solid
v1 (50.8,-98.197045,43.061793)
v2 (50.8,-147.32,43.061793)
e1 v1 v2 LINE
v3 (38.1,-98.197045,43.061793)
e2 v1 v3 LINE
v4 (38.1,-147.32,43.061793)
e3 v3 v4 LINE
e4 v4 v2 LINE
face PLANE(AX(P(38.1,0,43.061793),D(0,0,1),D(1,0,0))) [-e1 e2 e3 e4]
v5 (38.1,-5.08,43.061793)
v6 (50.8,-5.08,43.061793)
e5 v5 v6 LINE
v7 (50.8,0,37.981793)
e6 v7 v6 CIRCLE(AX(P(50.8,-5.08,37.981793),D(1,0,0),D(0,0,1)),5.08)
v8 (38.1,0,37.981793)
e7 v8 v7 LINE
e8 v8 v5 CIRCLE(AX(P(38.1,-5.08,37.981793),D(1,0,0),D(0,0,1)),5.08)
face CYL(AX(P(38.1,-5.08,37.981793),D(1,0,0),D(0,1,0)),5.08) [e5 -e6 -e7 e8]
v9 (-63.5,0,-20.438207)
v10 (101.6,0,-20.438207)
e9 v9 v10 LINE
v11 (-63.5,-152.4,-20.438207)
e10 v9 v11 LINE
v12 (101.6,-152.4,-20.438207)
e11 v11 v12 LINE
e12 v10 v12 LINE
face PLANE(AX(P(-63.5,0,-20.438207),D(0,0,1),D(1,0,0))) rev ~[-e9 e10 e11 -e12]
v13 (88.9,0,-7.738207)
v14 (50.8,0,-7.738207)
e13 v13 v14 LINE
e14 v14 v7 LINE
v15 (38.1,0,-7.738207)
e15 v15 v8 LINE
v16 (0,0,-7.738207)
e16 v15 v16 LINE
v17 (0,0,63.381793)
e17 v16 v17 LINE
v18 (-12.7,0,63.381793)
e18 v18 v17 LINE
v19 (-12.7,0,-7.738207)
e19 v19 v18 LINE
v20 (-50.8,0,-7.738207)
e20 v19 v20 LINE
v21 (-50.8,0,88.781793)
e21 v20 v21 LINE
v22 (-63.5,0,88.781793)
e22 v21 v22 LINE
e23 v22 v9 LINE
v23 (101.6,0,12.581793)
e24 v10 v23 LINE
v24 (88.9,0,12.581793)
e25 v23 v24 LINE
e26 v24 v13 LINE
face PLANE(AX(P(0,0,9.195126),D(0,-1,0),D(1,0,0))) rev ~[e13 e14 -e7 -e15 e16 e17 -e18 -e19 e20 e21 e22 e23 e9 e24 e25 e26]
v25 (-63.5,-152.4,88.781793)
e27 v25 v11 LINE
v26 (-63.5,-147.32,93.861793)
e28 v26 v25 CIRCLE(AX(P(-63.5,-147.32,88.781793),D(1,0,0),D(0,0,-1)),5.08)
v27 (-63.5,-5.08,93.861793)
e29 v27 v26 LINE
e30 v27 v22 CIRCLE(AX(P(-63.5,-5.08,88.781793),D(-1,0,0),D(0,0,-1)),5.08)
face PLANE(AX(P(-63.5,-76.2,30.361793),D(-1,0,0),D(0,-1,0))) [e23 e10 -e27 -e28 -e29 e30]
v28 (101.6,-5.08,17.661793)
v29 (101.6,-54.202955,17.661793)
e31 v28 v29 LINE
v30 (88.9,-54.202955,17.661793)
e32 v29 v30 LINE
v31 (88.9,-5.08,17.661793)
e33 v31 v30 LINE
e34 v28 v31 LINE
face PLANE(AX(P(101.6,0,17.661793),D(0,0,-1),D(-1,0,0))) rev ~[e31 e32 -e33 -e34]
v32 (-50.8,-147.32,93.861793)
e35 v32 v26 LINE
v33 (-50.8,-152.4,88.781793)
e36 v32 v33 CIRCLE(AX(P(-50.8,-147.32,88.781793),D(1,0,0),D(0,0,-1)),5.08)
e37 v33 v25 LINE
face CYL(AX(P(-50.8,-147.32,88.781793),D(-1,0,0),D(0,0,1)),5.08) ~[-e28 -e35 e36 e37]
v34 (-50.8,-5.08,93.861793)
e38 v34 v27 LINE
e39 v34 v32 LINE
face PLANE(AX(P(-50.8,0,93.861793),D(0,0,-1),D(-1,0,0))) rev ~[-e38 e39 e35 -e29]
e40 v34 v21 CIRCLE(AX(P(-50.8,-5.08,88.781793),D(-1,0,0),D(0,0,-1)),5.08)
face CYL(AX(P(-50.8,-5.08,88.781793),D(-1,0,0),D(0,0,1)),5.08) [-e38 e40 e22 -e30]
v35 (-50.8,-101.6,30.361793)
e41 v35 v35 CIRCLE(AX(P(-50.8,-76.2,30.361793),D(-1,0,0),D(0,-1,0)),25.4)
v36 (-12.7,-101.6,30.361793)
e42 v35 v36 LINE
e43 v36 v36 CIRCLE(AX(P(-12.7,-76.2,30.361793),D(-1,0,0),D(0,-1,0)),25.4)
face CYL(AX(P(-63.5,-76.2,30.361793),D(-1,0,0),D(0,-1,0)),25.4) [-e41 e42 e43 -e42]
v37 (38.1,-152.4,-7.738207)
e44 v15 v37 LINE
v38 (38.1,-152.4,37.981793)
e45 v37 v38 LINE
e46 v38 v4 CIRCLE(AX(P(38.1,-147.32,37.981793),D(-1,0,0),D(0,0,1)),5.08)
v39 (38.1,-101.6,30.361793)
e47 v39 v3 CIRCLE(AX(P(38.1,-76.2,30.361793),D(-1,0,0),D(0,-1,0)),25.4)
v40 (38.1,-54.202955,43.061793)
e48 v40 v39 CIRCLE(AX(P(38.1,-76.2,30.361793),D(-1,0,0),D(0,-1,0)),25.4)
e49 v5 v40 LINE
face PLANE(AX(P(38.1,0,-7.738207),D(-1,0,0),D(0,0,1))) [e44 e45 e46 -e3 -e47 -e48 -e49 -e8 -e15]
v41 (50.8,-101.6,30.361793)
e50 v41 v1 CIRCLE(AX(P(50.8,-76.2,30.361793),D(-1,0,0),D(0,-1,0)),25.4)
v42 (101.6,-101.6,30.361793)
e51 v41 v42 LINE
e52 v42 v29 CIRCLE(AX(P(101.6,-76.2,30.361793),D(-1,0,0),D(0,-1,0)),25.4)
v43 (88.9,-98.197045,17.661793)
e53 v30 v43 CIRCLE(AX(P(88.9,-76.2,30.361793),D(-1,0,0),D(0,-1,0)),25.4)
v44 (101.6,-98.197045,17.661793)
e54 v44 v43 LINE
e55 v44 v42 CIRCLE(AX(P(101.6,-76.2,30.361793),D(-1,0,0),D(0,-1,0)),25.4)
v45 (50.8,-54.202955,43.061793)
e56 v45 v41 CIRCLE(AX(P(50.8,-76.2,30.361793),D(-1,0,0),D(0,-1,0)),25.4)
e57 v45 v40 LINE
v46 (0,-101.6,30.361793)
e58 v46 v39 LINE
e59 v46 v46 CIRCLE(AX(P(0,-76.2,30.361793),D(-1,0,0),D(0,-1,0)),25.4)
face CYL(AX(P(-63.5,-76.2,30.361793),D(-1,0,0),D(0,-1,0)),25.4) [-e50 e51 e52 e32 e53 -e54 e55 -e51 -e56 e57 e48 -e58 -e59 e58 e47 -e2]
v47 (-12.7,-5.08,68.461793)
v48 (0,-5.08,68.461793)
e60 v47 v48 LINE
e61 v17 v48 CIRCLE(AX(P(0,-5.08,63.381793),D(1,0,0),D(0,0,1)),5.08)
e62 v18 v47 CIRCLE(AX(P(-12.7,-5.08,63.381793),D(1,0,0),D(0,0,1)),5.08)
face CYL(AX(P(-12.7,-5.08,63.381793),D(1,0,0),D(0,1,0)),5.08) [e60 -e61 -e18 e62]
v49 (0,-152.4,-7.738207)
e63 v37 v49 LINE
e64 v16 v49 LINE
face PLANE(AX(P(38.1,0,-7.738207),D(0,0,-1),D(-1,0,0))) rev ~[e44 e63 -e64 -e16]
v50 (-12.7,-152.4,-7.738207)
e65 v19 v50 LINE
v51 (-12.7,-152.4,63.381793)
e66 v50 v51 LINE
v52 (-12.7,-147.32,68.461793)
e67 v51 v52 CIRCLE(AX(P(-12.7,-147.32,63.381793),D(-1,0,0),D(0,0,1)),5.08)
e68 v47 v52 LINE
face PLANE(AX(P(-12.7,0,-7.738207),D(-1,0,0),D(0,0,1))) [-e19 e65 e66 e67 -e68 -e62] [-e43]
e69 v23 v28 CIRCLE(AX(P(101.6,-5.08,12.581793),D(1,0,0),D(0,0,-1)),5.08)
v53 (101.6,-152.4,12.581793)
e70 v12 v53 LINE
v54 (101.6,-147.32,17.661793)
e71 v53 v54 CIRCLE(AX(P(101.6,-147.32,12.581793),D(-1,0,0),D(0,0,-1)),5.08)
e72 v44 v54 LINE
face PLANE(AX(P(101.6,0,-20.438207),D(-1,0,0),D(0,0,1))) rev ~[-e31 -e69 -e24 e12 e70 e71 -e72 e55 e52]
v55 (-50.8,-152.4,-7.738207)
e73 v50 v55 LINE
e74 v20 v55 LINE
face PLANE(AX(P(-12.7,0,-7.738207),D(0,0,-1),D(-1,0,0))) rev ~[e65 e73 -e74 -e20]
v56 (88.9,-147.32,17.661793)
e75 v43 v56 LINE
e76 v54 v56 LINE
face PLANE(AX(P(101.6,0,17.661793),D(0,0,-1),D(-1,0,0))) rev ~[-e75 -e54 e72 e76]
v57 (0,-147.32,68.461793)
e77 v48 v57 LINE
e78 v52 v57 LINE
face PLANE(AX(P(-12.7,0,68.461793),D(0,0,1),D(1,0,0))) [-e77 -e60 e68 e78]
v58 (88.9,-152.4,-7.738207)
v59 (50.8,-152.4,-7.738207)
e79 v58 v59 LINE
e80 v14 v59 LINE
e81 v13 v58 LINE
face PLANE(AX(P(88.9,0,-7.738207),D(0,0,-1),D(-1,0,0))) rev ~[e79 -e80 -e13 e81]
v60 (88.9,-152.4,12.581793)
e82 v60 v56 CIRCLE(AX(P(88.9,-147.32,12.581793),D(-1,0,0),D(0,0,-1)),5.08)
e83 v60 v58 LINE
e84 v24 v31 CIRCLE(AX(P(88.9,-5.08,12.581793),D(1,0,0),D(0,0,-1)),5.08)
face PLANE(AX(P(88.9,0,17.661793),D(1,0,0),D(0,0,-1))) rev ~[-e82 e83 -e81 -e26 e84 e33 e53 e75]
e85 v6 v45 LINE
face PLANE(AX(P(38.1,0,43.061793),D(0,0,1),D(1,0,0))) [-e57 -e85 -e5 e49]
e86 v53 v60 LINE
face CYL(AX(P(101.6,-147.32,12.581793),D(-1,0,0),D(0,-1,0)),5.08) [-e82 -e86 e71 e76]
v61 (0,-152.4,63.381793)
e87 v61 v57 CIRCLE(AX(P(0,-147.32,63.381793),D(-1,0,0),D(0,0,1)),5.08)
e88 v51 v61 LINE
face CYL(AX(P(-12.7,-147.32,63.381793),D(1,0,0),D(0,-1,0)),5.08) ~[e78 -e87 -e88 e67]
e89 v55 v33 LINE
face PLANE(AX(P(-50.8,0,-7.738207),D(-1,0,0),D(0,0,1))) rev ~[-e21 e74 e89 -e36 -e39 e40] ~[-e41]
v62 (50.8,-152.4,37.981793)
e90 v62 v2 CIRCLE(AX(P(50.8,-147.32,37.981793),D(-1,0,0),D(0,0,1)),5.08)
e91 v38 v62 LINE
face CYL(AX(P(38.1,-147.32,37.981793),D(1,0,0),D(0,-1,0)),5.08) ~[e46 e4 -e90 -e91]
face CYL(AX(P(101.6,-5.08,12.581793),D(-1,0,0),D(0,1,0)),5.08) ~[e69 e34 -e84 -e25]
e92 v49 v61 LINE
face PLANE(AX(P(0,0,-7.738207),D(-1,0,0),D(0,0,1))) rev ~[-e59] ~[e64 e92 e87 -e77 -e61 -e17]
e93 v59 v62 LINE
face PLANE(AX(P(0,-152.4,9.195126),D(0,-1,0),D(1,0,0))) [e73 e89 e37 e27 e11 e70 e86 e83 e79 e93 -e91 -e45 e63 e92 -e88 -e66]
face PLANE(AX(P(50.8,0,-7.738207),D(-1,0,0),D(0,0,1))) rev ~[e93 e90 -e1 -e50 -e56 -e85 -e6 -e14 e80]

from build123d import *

# Parameters (mm, degrees)
F0_W     = 12.7
F0_H     = 76.2
F0_H_2   = 50.8
F1_DEPTH = 152.4
F2_R     = 25.4
F3_DEPTH = 165.1
F4_R     = 5.08


with BuildPart() as f1:
    # F0 (on Front) → F1 (new body)
    with BuildSketch(Plane.XZ):
        Polygon((-50.8, 93.861793), (-63.5, 93.861793), (-63.5, -20.438207), (101.6, -20.438207), (101.6, 17.661793), (88.9, 17.661793), (88.9, -7.738207), (50.8, -7.738207), (38.1, -7.738207), (32.964252, -7.738207), (0, -7.738207), (-12.7, -7.738207), (-50.8, -7.738207), align=None)
        with Locations((-6.35, 30.361793)):
            Rectangle(F0_W, F0_H)
        with Locations((44.45, 17.661793)):
            Rectangle(F0_W, F0_H_2)
    extrude(amount=F1_DEPTH)

    # F2 (on face) → F3 (join)
    with BuildSketch(Plane(origin=(-63.5, 0, 0), x_dir=(0, -1, 0), z_dir=(-1, 0, 0))):
        with Locations((76.2, 30.361793)):
            Circle(F2_R)
    extrude(amount=-F3_DEPTH)

    # F4
    f4_edges = [f1.edges().sort_by_distance(p)[0] for p in [
        (-57.15, -152.4, 93.861793),
        (-57.15, 0, 93.861793),
        (-6.35, -152.4, 68.461793),
        (-6.35, 0, 68.461793),
        (44.45, 0, 43.061793),
        (44.45, -152.4, 43.061793),
        (95.25, -152.4, 17.661793),
        (95.25, 0, 17.661793),
    ]]
    fillet(f4_edges, radius=F4_R)


solid = f1.part
